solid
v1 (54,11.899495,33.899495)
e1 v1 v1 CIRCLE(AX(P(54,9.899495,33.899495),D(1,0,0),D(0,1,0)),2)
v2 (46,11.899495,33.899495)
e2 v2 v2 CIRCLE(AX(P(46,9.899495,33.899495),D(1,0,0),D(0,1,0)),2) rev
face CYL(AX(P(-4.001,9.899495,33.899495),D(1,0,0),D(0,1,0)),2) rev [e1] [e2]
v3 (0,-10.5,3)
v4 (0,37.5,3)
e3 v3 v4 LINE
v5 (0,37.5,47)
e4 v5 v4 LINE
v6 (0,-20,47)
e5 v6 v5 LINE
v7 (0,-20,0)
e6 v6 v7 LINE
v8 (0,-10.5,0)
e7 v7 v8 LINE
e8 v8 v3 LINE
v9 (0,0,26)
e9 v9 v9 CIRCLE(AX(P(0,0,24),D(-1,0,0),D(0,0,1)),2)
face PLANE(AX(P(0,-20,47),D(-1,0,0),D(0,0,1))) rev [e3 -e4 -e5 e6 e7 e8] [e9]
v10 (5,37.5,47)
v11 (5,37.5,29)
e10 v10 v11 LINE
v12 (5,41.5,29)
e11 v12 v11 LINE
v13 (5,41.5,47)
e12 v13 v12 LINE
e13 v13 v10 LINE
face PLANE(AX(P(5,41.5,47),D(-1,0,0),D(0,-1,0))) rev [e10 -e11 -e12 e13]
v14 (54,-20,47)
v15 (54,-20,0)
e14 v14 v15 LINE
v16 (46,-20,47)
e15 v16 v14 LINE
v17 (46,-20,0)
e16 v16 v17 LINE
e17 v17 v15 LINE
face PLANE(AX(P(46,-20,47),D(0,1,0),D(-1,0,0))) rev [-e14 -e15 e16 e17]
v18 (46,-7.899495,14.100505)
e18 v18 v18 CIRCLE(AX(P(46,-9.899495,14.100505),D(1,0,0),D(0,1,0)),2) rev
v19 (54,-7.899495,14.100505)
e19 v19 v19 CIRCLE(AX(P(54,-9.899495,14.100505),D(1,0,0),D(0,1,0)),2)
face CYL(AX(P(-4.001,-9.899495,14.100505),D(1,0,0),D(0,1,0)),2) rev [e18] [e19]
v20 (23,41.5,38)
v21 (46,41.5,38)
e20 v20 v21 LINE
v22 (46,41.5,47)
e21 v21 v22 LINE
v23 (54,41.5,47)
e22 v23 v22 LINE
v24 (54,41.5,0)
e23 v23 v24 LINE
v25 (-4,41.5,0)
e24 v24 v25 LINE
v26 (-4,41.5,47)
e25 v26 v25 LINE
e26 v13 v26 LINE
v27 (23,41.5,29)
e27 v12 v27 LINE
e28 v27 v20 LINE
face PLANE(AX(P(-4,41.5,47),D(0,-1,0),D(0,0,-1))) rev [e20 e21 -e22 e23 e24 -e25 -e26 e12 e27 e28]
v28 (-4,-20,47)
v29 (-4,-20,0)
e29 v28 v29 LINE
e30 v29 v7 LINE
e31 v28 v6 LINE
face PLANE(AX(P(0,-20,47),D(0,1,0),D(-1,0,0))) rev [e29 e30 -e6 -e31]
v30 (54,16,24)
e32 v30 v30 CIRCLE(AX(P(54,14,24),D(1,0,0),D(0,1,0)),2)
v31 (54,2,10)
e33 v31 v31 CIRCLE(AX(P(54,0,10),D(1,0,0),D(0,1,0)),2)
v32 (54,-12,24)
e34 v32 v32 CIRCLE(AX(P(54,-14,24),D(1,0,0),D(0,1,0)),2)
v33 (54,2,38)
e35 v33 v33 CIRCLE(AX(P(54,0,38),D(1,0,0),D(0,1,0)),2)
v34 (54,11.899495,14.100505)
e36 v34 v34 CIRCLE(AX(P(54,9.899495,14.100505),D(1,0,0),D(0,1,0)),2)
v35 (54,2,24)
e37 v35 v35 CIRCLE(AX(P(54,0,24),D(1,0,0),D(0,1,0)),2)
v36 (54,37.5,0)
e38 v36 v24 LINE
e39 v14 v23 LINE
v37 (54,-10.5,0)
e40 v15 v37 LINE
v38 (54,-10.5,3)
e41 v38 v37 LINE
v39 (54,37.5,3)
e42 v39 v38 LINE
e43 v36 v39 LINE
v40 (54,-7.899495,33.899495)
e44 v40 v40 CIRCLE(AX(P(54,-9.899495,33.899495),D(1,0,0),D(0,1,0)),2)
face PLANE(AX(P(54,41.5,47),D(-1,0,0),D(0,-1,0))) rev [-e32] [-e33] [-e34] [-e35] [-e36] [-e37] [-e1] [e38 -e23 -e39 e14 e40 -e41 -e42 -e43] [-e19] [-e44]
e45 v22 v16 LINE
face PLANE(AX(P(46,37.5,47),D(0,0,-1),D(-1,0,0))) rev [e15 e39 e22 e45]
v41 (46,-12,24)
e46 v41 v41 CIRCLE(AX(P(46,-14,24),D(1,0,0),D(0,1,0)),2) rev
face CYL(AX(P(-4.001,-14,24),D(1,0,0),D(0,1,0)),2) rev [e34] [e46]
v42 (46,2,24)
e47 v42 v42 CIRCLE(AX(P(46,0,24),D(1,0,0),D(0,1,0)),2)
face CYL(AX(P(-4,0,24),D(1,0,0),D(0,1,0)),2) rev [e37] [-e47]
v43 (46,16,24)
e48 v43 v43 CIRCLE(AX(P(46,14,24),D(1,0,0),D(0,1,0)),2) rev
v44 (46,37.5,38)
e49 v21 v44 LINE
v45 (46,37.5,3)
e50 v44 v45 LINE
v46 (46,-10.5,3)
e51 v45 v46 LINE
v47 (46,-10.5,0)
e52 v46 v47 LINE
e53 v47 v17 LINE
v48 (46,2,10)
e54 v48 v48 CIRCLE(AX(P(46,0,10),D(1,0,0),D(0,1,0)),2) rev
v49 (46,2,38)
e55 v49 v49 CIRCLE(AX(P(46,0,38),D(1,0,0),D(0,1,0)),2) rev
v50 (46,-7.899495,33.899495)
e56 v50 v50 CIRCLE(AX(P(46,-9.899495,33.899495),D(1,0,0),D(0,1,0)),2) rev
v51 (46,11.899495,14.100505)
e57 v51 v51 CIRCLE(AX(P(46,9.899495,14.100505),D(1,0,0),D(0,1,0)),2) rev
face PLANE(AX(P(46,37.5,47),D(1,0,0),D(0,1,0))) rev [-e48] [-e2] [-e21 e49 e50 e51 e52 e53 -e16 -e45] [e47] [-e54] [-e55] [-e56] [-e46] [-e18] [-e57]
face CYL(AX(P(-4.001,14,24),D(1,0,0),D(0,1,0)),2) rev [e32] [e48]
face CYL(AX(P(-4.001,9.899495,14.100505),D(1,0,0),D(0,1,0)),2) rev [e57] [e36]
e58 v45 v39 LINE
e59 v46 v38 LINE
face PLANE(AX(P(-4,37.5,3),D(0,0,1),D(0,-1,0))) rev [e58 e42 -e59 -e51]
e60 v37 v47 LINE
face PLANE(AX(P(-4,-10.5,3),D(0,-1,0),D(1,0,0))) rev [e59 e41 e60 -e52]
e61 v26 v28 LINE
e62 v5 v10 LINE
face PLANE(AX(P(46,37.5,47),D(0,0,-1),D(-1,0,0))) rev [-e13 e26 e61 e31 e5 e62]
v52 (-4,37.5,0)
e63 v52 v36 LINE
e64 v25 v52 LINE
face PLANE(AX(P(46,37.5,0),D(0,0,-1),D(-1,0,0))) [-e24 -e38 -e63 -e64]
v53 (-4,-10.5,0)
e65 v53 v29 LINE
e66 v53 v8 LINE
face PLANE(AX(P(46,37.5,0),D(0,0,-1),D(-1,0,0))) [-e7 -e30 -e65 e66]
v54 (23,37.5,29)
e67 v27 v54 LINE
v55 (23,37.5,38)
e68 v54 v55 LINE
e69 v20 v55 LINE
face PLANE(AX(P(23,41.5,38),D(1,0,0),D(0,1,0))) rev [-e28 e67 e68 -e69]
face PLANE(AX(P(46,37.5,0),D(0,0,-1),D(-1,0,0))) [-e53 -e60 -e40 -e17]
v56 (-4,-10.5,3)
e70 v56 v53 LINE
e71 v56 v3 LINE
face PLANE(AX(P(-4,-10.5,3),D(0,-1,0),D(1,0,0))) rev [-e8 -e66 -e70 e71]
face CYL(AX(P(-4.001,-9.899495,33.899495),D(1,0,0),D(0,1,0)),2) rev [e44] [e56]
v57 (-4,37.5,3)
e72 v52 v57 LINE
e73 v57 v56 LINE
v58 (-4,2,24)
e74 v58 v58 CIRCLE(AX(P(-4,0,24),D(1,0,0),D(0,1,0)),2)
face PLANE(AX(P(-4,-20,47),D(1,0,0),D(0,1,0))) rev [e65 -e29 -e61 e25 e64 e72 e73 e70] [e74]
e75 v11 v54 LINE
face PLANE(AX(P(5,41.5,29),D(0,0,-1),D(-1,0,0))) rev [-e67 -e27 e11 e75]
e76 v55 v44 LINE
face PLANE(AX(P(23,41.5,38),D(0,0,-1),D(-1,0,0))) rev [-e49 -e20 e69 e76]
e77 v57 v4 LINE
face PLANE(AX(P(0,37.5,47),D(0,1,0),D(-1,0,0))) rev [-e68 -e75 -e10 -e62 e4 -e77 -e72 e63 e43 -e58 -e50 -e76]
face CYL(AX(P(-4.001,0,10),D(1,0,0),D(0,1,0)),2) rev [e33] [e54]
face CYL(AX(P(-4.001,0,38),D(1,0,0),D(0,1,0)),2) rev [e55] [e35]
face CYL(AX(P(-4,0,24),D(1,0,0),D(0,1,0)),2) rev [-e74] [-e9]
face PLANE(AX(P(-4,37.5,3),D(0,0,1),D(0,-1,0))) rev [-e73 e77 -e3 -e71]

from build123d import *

# Parameters (mm, degrees)
EXTRUSION1_DEPTH = 47
ESQUISSE2_R      = 2
ESQUISSE2_W      = 3
ESQUISSE2_H      = 48
EXTRUSION2_DEPTH = 59
EXTRUSION3_REACH = 60
ESQUISSE3_R      = 2
EXTRUSION4_DEPTH = 5


with BuildPart() as part:
    # Esquisse1 → Extrusion1 (new body)
    with BuildSketch(Plane.XY):
        Polygon((0, -20), (0, 37.5), (46, 37.5), (46, -20), (54, -20), (54, 41.5), (-4, 41.5), (-4, -20), align=None)
    extrude(amount=EXTRUSION1_DEPTH)

    # Esquisse2 → Extrusion2 (cut, through all)
    with BuildSketch(Plane(origin=(54, 0, 0), x_dir=(0, 0, -1), z_dir=(1, 0, 0))):
        with Locations((-24, 0)):
            Circle(ESQUISSE2_R)
        with Locations((-1.5, 13.5)):
            Rectangle(ESQUISSE2_W, ESQUISSE2_H)
    extrude(amount=-EXTRUSION2_DEPTH, mode=Mode.SUBTRACT)

    # Esquisse3 → Extrusion3 (cut, up to next)
    with BuildSketch(Plane(origin=(54, 0, 0), x_dir=(0, 0, -1), z_dir=(1, 0, 0)), mode=Mode.PRIVATE) as extrusion3_sk1:
        with Locations((-24, 14)):
            Circle(ESQUISSE3_R)
    extrusion3_tool1 = extrude(extrusion3_sk1.sketch, amount=-EXTRUSION3_REACH, mode=Mode.PRIVATE) & part.part
    add(extrusion3_tool1.solids().sort_by_distance((54, 14, 24))[0], mode=Mode.SUBTRACT)
    # Esquisse3 → Extrusion3 (cut, up to next)
    with BuildSketch(Plane(origin=(54, 0, 0), x_dir=(0, 0, -1), z_dir=(1, 0, 0)), mode=Mode.PRIVATE) as extrusion3_sk2:
        with Locations((-14.100505063, 9.899494937)):
            Circle(ESQUISSE3_R)
    extrusion3_tool2 = extrude(extrusion3_sk2.sketch, amount=-EXTRUSION3_REACH, mode=Mode.PRIVATE) & part.part
    add(extrusion3_tool2.solids().sort_by_distance((54, 9.899495, 14.100505))[0], mode=Mode.SUBTRACT)
    # Esquisse3 → Extrusion3 (cut, up to next)
    with BuildSketch(Plane(origin=(54, 0, 0), x_dir=(0, 0, -1), z_dir=(1, 0, 0)), mode=Mode.PRIVATE) as extrusion3_sk3:
        with Locations((-10, 0)):
            Circle(ESQUISSE3_R)
    extrusion3_tool3 = extrude(extrusion3_sk3.sketch, amount=-EXTRUSION3_REACH, mode=Mode.PRIVATE) & part.part
    add(extrusion3_tool3.solids().sort_by_distance((54, 0, 10))[0], mode=Mode.SUBTRACT)
    # Esquisse3 → Extrusion3 (cut, up to next)
    with BuildSketch(Plane(origin=(54, 0, 0), x_dir=(0, 0, -1), z_dir=(1, 0, 0)), mode=Mode.PRIVATE) as extrusion3_sk4:
        with Locations((-14.100505063, -9.899494937)):
            Circle(ESQUISSE3_R)
    extrusion3_tool4 = extrude(extrusion3_sk4.sketch, amount=-EXTRUSION3_REACH, mode=Mode.PRIVATE) & part.part
    add(extrusion3_tool4.solids().sort_by_distance((54, -9.899495, 14.100505))[0], mode=Mode.SUBTRACT)
    # Esquisse3 → Extrusion3 (cut, up to next)
    with BuildSketch(Plane(origin=(54, 0, 0), x_dir=(0, 0, -1), z_dir=(1, 0, 0)), mode=Mode.PRIVATE) as extrusion3_sk5:
        with Locations((-24, -14)):
            Circle(ESQUISSE3_R)
    extrusion3_tool5 = extrude(extrusion3_sk5.sketch, amount=-EXTRUSION3_REACH, mode=Mode.PRIVATE) & part.part
    add(extrusion3_tool5.solids().sort_by_distance((54, -14, 24))[0], mode=Mode.SUBTRACT)
    # Esquisse3 → Extrusion3 (cut, up to next)
    with BuildSketch(Plane(origin=(54, 0, 0), x_dir=(0, 0, -1), z_dir=(1, 0, 0)), mode=Mode.PRIVATE) as extrusion3_sk6:
        with Locations((-33.899494937, -9.899494937)):
            Circle(ESQUISSE3_R)
    extrusion3_tool6 = extrude(extrusion3_sk6.sketch, amount=-EXTRUSION3_REACH, mode=Mode.PRIVATE) & part.part
    add(extrusion3_tool6.solids().sort_by_distance((54, -9.899495, 33.899495))[0], mode=Mode.SUBTRACT)
    # Esquisse3 → Extrusion3 (cut, up to next)
    with BuildSketch(Plane(origin=(54, 0, 0), x_dir=(0, 0, -1), z_dir=(1, 0, 0)), mode=Mode.PRIVATE) as extrusion3_sk7:
        with Locations((-38, 0)):
            Circle(ESQUISSE3_R)
    extrusion3_tool7 = extrude(extrusion3_sk7.sketch, amount=-EXTRUSION3_REACH, mode=Mode.PRIVATE) & part.part
    add(extrusion3_tool7.solids().sort_by_distance((54, 0, 38))[0], mode=Mode.SUBTRACT)
    # Esquisse3 → Extrusion3 (cut, up to next)
    with BuildSketch(Plane(origin=(54, 0, 0), x_dir=(0, 0, -1), z_dir=(1, 0, 0)), mode=Mode.PRIVATE) as extrusion3_sk8:
        with Locations((-33.899494937, 9.899494937)):
            Circle(ESQUISSE3_R)
    extrusion3_tool8 = extrude(extrusion3_sk8.sketch, amount=-EXTRUSION3_REACH, mode=Mode.PRIVATE) & part.part
    add(extrusion3_tool8.solids().sort_by_distance((54, 9.899495, 33.899495))[0], mode=Mode.SUBTRACT)

    # Esquisse4 → Extrusion4 (cut, through all)
    with BuildSketch(Plane.XZ.offset(-37.5)):
        Polygon((5, 47), (5, 29), (23, 29), (23, 38), (46, 38), (46, 47), (23, 47), align=None)
    extrude(amount=-EXTRUSION4_DEPTH, mode=Mode.SUBTRACT)


solid = part.part
